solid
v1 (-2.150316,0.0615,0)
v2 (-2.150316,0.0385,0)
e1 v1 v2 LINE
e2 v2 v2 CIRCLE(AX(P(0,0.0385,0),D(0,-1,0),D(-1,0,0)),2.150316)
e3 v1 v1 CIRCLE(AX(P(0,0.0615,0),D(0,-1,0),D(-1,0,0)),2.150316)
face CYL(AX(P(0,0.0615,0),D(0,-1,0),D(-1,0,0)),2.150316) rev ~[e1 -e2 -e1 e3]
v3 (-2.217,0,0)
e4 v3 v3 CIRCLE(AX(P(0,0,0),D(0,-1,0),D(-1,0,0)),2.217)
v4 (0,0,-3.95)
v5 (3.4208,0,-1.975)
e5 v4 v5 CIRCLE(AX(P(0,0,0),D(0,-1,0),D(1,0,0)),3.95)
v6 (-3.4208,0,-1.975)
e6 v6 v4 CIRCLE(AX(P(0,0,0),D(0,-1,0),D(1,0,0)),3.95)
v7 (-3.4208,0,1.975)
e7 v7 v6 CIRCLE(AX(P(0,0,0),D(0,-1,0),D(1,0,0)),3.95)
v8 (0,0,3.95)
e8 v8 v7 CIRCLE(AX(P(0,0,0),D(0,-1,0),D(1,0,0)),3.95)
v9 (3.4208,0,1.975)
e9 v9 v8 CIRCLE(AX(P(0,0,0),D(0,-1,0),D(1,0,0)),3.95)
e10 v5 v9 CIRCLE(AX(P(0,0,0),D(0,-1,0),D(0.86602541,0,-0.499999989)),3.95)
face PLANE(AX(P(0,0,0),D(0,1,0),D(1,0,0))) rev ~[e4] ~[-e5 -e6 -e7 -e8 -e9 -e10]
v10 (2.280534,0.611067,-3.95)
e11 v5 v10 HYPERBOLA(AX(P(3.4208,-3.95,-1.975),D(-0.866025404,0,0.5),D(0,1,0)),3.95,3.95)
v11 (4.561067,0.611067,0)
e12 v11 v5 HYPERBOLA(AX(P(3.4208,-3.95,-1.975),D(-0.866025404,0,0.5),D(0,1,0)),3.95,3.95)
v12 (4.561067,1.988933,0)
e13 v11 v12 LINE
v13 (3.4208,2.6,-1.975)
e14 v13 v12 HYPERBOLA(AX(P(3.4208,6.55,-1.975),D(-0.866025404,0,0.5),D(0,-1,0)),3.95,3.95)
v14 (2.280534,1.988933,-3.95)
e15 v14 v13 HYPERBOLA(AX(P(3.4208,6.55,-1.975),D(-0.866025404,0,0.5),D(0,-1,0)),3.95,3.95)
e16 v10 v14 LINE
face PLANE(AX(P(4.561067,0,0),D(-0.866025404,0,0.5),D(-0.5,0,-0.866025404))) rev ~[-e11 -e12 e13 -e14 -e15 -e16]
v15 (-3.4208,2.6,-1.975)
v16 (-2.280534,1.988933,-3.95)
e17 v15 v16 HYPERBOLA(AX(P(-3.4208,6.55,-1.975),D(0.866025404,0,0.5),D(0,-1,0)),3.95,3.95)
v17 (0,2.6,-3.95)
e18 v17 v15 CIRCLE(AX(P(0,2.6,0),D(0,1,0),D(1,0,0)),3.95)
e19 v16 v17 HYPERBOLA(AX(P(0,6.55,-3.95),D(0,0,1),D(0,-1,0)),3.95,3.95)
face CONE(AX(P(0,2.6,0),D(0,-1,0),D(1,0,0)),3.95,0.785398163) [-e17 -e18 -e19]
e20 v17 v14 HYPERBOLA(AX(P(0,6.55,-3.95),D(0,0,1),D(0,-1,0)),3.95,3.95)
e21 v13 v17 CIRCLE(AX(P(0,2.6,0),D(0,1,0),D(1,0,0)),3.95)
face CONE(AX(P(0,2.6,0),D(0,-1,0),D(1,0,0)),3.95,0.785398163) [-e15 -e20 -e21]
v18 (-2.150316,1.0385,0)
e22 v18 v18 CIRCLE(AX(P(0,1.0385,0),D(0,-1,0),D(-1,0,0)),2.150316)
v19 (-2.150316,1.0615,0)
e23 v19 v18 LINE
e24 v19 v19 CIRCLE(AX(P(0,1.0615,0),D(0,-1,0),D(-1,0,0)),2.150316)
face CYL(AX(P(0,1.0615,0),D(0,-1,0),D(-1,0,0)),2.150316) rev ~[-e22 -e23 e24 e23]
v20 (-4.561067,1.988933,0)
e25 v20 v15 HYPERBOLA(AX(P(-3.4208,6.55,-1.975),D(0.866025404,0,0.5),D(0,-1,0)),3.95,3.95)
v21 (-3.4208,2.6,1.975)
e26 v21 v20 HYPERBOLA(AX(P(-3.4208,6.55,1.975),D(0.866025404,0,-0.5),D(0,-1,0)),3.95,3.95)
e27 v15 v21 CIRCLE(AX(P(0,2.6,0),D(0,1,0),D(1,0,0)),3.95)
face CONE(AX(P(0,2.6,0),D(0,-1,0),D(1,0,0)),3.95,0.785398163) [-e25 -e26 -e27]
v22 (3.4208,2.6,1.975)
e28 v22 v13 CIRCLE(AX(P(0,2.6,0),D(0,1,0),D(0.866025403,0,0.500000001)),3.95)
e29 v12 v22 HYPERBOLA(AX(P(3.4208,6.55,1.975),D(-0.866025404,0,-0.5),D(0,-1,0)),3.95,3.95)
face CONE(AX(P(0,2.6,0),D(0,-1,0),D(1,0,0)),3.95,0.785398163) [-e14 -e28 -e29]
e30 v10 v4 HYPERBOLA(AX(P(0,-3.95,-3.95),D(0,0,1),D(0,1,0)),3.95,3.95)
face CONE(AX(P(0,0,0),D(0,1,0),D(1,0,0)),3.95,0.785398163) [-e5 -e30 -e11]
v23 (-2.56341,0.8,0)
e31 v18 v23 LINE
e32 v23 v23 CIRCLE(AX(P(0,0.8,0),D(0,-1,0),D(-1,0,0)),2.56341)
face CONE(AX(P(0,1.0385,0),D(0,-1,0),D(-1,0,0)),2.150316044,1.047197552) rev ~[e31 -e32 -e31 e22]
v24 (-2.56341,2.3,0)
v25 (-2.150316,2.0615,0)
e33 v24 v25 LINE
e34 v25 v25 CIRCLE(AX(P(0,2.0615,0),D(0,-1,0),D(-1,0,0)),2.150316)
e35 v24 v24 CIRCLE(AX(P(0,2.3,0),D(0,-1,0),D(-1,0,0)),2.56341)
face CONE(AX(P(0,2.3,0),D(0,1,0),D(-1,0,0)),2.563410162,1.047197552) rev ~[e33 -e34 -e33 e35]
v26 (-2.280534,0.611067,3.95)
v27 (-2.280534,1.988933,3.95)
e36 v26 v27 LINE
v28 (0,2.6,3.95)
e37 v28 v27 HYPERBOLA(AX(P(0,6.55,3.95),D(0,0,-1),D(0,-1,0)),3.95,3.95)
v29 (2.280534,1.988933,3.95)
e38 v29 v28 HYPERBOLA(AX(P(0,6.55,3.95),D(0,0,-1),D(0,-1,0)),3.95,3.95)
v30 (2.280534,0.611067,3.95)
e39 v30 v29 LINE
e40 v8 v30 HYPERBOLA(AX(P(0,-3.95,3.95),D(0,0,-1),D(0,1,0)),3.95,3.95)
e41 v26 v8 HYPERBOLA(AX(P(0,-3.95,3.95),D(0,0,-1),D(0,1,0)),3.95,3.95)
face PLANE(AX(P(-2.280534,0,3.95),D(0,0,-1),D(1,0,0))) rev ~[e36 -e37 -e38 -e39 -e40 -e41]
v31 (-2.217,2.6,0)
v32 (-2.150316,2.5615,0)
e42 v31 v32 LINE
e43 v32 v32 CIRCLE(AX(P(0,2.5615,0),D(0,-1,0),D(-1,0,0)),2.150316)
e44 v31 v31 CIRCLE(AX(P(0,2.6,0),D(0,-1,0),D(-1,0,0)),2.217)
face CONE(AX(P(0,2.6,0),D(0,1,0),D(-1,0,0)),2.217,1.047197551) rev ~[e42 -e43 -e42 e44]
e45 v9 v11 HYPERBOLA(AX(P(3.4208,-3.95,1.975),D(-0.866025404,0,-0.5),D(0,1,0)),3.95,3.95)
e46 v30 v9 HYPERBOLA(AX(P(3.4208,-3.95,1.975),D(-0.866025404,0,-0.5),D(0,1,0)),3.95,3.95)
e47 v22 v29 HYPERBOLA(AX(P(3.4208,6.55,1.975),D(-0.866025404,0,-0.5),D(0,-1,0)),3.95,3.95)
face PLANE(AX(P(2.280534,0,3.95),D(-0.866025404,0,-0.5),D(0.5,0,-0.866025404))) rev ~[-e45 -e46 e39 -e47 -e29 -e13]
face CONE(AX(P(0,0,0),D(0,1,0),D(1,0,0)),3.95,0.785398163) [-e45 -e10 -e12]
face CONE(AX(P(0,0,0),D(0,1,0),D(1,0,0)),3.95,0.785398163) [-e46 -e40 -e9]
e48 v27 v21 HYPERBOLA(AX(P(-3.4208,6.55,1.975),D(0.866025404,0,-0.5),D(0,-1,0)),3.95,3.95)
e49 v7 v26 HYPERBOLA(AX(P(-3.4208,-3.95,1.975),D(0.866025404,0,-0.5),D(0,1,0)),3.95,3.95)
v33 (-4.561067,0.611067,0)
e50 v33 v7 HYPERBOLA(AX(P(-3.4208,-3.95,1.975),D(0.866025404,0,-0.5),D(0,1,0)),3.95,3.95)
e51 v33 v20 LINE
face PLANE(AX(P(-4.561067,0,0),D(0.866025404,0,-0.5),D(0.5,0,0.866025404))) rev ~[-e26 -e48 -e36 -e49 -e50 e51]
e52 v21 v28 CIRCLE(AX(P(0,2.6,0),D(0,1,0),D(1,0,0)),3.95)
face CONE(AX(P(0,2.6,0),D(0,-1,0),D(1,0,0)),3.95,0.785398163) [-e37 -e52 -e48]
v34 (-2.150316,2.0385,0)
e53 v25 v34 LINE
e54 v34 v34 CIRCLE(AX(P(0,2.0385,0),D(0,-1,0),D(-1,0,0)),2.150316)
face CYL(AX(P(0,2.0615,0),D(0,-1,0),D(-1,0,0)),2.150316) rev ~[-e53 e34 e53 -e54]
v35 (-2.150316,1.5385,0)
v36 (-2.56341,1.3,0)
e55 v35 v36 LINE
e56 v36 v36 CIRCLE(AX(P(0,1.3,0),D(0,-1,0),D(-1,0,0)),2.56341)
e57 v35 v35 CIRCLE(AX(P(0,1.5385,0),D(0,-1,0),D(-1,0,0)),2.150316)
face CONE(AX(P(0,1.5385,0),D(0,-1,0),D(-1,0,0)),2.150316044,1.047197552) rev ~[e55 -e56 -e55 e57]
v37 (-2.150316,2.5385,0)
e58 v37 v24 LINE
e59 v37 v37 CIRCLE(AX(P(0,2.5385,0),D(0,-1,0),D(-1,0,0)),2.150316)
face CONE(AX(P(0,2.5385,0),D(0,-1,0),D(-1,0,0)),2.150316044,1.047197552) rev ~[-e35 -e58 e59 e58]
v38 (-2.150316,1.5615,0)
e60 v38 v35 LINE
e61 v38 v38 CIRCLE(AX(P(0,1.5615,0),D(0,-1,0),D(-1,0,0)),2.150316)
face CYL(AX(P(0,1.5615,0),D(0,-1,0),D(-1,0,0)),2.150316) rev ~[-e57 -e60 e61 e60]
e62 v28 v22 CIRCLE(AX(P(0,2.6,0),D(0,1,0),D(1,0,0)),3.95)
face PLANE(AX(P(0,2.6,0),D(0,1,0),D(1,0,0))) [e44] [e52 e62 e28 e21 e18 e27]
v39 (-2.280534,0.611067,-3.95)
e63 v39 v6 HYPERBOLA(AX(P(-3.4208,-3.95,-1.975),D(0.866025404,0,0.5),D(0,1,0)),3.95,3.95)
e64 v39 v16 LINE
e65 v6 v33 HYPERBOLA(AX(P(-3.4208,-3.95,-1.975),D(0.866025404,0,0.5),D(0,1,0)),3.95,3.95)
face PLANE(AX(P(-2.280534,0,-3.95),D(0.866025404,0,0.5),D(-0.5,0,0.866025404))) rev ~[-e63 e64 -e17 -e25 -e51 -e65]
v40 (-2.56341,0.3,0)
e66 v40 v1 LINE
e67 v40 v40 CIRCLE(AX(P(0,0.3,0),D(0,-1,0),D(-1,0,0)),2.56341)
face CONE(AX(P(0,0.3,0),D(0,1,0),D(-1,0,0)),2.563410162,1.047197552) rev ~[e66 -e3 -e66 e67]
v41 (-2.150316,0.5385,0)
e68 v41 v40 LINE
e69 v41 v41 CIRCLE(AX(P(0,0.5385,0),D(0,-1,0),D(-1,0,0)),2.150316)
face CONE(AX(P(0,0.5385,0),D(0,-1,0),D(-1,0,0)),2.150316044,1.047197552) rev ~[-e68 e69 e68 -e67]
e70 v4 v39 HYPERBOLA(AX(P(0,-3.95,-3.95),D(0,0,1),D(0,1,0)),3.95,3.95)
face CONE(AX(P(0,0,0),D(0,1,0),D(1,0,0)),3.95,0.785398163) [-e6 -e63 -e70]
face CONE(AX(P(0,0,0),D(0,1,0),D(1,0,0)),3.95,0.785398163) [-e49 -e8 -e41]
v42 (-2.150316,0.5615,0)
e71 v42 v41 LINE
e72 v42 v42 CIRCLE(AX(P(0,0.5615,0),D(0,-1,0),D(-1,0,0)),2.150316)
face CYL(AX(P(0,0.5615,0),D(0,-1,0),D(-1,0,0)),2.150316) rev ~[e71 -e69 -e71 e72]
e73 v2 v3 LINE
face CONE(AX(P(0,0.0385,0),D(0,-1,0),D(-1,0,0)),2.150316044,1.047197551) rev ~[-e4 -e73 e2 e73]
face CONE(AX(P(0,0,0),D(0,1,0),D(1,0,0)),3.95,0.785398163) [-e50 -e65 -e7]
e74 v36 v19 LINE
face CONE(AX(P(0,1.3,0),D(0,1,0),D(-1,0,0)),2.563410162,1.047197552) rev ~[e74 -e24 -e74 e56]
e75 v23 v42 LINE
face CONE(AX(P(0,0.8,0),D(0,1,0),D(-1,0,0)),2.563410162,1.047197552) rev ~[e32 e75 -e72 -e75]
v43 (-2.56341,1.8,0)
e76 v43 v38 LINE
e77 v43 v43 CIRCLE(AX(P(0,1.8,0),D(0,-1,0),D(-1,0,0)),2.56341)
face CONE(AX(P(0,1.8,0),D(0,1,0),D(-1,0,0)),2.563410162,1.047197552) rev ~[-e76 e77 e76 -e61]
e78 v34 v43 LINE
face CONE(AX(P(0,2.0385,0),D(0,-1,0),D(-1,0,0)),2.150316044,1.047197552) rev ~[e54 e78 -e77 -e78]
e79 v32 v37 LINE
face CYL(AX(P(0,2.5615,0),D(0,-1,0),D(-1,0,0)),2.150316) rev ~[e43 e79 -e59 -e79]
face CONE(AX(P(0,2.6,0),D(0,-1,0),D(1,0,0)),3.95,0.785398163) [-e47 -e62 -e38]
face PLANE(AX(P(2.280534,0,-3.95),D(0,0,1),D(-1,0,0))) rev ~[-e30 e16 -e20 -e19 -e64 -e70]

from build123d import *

# Parameters (mm, degrees)
BOSS_EXTRUDE2_DEPTH = 2.6
SKETCH15_OUTSIDE_W  = 18.79
SKETCH15_OUTSIDE_H  = 17.568
SKETCH15_OUTSIDE_R  = 3.95
CUT_EXTRUDE4_DEPTH  = 2.6
CUT_EXTRUDE4_DRAFT  = -45
SKETCH16_OUTSIDE_W  = 18.79
SKETCH16_OUTSIDE_H  = 17.568
SKETCH16_OUTSIDE_R  = 3.95
CUT_EXTRUDE5_DEPTH  = 2.6
CUT_EXTRUDE5_DRAFT  = -45


with BuildPart() as part:
    # Sketch2 → Boss-Extrude2 (new body)
    with BuildSketch(Plane(origin=(0, 0, 0), x_dir=(1, 0, 0), z_dir=(0, 1, 0))):
        Polygon((-4.561067127, 0), (-2.280533563, -3.95), (2.280533563, -3.95), (4.561067127, 0), (2.280533563, 3.95), (-2.280533563, 3.95), align=None)
    extrude(amount=BOSS_EXTRUDE2_DEPTH)

    # Sketch13 → Cut-Revolve1 (revolve, cut)
    with BuildSketch(Plane.XY):
        Polygon((0, 2.6), (2.217, 2.6), (2.150316044, 2.5615), (2.150316044, 2.5385), (2.563410162, 2.3), (2.150316044, 2.0615), (2.150316044, 2.0385), (2.563410162, 1.8), (2.150316044, 1.5615), (2.150316044, 1.5385), (2.563410162, 1.3), (2.150316044, 1.0615), (2.150316044, 1.0385), (2.563410162, 0.8), (2.150316044, 0.5615), (2.150316044, 0.5385), (2.563410162, 0.3), (2.150316044, 0.0615), (2.150316044, 0.0385), (2.217, 0), (0, 0), align=None)
    revolve(axis=Axis((0, 4.352000656, 0), (0, -1, 0)), mode=Mode.SUBTRACT)


with BuildPart() as cut_extrude4_tool:
    # Sketch15 outside → Cut-Extrude4 (with draft: the straight prism first)
    with BuildSketch(Plane(origin=(0, 2.6, 0), x_dir=(1, 0, 0), z_dir=(0, 1, 0))):
        Rectangle(SKETCH15_OUTSIDE_W, SKETCH15_OUTSIDE_H)
        Circle(SKETCH15_OUTSIDE_R, mode=Mode.SUBTRACT)
    extrude(amount=-CUT_EXTRUDE4_DEPTH)
    # Cut-Extrude4: the draft: its side faces are tilted about the plane it starts from
    cut_extrude4_sides = [cut_extrude4_tool.faces().sort_by_distance(p)[0] for p in [
        (0, 1.3, 8.784),
        (9.395, 1.3, 0),
        (0, 1.3, -8.784),
        (-9.395, 1.3, 0),
        (-3.95, 1.3, 0),
    ]]
    draft(cut_extrude4_sides, Plane(origin=(0, 2.6, 0), x_dir=(1, 0, 0), z_dir=(0, 1, 0)), CUT_EXTRUDE4_DRAFT)


with BuildPart() as part_1:
    add(part.part)

    # Cut-Extrude4: cut by cut_extrude4_tool
    add(cut_extrude4_tool.part, mode=Mode.SUBTRACT)


with BuildPart() as cut_extrude5_tool:
    # Sketch16 outside → Cut-Extrude5 (with draft: the straight prism first)
    with BuildSketch(Plane.XZ):
        Rectangle(SKETCH16_OUTSIDE_W, SKETCH16_OUTSIDE_H)
        Circle(SKETCH16_OUTSIDE_R, mode=Mode.SUBTRACT)
    extrude(amount=-CUT_EXTRUDE5_DEPTH)
    # Cut-Extrude5: the draft: its side faces are tilted about the plane it starts from
    cut_extrude5_sides = [cut_extrude5_tool.faces().sort_by_distance(p)[0] for p in [
        (0, 1.3, -8.784),
        (9.395, 1.3, 0),
        (0, 1.3, 8.784),
        (-9.395, 1.3, 0),
        (-3.95, 1.3, 0),
    ]]
    draft(cut_extrude5_sides, Plane.XZ, CUT_EXTRUDE5_DRAFT)


with BuildPart() as part_2:
    add(part_1.part)

    # Cut-Extrude5: cut by cut_extrude5_tool
    add(cut_extrude5_tool.part, mode=Mode.SUBTRACT)


solid = part_2.part
